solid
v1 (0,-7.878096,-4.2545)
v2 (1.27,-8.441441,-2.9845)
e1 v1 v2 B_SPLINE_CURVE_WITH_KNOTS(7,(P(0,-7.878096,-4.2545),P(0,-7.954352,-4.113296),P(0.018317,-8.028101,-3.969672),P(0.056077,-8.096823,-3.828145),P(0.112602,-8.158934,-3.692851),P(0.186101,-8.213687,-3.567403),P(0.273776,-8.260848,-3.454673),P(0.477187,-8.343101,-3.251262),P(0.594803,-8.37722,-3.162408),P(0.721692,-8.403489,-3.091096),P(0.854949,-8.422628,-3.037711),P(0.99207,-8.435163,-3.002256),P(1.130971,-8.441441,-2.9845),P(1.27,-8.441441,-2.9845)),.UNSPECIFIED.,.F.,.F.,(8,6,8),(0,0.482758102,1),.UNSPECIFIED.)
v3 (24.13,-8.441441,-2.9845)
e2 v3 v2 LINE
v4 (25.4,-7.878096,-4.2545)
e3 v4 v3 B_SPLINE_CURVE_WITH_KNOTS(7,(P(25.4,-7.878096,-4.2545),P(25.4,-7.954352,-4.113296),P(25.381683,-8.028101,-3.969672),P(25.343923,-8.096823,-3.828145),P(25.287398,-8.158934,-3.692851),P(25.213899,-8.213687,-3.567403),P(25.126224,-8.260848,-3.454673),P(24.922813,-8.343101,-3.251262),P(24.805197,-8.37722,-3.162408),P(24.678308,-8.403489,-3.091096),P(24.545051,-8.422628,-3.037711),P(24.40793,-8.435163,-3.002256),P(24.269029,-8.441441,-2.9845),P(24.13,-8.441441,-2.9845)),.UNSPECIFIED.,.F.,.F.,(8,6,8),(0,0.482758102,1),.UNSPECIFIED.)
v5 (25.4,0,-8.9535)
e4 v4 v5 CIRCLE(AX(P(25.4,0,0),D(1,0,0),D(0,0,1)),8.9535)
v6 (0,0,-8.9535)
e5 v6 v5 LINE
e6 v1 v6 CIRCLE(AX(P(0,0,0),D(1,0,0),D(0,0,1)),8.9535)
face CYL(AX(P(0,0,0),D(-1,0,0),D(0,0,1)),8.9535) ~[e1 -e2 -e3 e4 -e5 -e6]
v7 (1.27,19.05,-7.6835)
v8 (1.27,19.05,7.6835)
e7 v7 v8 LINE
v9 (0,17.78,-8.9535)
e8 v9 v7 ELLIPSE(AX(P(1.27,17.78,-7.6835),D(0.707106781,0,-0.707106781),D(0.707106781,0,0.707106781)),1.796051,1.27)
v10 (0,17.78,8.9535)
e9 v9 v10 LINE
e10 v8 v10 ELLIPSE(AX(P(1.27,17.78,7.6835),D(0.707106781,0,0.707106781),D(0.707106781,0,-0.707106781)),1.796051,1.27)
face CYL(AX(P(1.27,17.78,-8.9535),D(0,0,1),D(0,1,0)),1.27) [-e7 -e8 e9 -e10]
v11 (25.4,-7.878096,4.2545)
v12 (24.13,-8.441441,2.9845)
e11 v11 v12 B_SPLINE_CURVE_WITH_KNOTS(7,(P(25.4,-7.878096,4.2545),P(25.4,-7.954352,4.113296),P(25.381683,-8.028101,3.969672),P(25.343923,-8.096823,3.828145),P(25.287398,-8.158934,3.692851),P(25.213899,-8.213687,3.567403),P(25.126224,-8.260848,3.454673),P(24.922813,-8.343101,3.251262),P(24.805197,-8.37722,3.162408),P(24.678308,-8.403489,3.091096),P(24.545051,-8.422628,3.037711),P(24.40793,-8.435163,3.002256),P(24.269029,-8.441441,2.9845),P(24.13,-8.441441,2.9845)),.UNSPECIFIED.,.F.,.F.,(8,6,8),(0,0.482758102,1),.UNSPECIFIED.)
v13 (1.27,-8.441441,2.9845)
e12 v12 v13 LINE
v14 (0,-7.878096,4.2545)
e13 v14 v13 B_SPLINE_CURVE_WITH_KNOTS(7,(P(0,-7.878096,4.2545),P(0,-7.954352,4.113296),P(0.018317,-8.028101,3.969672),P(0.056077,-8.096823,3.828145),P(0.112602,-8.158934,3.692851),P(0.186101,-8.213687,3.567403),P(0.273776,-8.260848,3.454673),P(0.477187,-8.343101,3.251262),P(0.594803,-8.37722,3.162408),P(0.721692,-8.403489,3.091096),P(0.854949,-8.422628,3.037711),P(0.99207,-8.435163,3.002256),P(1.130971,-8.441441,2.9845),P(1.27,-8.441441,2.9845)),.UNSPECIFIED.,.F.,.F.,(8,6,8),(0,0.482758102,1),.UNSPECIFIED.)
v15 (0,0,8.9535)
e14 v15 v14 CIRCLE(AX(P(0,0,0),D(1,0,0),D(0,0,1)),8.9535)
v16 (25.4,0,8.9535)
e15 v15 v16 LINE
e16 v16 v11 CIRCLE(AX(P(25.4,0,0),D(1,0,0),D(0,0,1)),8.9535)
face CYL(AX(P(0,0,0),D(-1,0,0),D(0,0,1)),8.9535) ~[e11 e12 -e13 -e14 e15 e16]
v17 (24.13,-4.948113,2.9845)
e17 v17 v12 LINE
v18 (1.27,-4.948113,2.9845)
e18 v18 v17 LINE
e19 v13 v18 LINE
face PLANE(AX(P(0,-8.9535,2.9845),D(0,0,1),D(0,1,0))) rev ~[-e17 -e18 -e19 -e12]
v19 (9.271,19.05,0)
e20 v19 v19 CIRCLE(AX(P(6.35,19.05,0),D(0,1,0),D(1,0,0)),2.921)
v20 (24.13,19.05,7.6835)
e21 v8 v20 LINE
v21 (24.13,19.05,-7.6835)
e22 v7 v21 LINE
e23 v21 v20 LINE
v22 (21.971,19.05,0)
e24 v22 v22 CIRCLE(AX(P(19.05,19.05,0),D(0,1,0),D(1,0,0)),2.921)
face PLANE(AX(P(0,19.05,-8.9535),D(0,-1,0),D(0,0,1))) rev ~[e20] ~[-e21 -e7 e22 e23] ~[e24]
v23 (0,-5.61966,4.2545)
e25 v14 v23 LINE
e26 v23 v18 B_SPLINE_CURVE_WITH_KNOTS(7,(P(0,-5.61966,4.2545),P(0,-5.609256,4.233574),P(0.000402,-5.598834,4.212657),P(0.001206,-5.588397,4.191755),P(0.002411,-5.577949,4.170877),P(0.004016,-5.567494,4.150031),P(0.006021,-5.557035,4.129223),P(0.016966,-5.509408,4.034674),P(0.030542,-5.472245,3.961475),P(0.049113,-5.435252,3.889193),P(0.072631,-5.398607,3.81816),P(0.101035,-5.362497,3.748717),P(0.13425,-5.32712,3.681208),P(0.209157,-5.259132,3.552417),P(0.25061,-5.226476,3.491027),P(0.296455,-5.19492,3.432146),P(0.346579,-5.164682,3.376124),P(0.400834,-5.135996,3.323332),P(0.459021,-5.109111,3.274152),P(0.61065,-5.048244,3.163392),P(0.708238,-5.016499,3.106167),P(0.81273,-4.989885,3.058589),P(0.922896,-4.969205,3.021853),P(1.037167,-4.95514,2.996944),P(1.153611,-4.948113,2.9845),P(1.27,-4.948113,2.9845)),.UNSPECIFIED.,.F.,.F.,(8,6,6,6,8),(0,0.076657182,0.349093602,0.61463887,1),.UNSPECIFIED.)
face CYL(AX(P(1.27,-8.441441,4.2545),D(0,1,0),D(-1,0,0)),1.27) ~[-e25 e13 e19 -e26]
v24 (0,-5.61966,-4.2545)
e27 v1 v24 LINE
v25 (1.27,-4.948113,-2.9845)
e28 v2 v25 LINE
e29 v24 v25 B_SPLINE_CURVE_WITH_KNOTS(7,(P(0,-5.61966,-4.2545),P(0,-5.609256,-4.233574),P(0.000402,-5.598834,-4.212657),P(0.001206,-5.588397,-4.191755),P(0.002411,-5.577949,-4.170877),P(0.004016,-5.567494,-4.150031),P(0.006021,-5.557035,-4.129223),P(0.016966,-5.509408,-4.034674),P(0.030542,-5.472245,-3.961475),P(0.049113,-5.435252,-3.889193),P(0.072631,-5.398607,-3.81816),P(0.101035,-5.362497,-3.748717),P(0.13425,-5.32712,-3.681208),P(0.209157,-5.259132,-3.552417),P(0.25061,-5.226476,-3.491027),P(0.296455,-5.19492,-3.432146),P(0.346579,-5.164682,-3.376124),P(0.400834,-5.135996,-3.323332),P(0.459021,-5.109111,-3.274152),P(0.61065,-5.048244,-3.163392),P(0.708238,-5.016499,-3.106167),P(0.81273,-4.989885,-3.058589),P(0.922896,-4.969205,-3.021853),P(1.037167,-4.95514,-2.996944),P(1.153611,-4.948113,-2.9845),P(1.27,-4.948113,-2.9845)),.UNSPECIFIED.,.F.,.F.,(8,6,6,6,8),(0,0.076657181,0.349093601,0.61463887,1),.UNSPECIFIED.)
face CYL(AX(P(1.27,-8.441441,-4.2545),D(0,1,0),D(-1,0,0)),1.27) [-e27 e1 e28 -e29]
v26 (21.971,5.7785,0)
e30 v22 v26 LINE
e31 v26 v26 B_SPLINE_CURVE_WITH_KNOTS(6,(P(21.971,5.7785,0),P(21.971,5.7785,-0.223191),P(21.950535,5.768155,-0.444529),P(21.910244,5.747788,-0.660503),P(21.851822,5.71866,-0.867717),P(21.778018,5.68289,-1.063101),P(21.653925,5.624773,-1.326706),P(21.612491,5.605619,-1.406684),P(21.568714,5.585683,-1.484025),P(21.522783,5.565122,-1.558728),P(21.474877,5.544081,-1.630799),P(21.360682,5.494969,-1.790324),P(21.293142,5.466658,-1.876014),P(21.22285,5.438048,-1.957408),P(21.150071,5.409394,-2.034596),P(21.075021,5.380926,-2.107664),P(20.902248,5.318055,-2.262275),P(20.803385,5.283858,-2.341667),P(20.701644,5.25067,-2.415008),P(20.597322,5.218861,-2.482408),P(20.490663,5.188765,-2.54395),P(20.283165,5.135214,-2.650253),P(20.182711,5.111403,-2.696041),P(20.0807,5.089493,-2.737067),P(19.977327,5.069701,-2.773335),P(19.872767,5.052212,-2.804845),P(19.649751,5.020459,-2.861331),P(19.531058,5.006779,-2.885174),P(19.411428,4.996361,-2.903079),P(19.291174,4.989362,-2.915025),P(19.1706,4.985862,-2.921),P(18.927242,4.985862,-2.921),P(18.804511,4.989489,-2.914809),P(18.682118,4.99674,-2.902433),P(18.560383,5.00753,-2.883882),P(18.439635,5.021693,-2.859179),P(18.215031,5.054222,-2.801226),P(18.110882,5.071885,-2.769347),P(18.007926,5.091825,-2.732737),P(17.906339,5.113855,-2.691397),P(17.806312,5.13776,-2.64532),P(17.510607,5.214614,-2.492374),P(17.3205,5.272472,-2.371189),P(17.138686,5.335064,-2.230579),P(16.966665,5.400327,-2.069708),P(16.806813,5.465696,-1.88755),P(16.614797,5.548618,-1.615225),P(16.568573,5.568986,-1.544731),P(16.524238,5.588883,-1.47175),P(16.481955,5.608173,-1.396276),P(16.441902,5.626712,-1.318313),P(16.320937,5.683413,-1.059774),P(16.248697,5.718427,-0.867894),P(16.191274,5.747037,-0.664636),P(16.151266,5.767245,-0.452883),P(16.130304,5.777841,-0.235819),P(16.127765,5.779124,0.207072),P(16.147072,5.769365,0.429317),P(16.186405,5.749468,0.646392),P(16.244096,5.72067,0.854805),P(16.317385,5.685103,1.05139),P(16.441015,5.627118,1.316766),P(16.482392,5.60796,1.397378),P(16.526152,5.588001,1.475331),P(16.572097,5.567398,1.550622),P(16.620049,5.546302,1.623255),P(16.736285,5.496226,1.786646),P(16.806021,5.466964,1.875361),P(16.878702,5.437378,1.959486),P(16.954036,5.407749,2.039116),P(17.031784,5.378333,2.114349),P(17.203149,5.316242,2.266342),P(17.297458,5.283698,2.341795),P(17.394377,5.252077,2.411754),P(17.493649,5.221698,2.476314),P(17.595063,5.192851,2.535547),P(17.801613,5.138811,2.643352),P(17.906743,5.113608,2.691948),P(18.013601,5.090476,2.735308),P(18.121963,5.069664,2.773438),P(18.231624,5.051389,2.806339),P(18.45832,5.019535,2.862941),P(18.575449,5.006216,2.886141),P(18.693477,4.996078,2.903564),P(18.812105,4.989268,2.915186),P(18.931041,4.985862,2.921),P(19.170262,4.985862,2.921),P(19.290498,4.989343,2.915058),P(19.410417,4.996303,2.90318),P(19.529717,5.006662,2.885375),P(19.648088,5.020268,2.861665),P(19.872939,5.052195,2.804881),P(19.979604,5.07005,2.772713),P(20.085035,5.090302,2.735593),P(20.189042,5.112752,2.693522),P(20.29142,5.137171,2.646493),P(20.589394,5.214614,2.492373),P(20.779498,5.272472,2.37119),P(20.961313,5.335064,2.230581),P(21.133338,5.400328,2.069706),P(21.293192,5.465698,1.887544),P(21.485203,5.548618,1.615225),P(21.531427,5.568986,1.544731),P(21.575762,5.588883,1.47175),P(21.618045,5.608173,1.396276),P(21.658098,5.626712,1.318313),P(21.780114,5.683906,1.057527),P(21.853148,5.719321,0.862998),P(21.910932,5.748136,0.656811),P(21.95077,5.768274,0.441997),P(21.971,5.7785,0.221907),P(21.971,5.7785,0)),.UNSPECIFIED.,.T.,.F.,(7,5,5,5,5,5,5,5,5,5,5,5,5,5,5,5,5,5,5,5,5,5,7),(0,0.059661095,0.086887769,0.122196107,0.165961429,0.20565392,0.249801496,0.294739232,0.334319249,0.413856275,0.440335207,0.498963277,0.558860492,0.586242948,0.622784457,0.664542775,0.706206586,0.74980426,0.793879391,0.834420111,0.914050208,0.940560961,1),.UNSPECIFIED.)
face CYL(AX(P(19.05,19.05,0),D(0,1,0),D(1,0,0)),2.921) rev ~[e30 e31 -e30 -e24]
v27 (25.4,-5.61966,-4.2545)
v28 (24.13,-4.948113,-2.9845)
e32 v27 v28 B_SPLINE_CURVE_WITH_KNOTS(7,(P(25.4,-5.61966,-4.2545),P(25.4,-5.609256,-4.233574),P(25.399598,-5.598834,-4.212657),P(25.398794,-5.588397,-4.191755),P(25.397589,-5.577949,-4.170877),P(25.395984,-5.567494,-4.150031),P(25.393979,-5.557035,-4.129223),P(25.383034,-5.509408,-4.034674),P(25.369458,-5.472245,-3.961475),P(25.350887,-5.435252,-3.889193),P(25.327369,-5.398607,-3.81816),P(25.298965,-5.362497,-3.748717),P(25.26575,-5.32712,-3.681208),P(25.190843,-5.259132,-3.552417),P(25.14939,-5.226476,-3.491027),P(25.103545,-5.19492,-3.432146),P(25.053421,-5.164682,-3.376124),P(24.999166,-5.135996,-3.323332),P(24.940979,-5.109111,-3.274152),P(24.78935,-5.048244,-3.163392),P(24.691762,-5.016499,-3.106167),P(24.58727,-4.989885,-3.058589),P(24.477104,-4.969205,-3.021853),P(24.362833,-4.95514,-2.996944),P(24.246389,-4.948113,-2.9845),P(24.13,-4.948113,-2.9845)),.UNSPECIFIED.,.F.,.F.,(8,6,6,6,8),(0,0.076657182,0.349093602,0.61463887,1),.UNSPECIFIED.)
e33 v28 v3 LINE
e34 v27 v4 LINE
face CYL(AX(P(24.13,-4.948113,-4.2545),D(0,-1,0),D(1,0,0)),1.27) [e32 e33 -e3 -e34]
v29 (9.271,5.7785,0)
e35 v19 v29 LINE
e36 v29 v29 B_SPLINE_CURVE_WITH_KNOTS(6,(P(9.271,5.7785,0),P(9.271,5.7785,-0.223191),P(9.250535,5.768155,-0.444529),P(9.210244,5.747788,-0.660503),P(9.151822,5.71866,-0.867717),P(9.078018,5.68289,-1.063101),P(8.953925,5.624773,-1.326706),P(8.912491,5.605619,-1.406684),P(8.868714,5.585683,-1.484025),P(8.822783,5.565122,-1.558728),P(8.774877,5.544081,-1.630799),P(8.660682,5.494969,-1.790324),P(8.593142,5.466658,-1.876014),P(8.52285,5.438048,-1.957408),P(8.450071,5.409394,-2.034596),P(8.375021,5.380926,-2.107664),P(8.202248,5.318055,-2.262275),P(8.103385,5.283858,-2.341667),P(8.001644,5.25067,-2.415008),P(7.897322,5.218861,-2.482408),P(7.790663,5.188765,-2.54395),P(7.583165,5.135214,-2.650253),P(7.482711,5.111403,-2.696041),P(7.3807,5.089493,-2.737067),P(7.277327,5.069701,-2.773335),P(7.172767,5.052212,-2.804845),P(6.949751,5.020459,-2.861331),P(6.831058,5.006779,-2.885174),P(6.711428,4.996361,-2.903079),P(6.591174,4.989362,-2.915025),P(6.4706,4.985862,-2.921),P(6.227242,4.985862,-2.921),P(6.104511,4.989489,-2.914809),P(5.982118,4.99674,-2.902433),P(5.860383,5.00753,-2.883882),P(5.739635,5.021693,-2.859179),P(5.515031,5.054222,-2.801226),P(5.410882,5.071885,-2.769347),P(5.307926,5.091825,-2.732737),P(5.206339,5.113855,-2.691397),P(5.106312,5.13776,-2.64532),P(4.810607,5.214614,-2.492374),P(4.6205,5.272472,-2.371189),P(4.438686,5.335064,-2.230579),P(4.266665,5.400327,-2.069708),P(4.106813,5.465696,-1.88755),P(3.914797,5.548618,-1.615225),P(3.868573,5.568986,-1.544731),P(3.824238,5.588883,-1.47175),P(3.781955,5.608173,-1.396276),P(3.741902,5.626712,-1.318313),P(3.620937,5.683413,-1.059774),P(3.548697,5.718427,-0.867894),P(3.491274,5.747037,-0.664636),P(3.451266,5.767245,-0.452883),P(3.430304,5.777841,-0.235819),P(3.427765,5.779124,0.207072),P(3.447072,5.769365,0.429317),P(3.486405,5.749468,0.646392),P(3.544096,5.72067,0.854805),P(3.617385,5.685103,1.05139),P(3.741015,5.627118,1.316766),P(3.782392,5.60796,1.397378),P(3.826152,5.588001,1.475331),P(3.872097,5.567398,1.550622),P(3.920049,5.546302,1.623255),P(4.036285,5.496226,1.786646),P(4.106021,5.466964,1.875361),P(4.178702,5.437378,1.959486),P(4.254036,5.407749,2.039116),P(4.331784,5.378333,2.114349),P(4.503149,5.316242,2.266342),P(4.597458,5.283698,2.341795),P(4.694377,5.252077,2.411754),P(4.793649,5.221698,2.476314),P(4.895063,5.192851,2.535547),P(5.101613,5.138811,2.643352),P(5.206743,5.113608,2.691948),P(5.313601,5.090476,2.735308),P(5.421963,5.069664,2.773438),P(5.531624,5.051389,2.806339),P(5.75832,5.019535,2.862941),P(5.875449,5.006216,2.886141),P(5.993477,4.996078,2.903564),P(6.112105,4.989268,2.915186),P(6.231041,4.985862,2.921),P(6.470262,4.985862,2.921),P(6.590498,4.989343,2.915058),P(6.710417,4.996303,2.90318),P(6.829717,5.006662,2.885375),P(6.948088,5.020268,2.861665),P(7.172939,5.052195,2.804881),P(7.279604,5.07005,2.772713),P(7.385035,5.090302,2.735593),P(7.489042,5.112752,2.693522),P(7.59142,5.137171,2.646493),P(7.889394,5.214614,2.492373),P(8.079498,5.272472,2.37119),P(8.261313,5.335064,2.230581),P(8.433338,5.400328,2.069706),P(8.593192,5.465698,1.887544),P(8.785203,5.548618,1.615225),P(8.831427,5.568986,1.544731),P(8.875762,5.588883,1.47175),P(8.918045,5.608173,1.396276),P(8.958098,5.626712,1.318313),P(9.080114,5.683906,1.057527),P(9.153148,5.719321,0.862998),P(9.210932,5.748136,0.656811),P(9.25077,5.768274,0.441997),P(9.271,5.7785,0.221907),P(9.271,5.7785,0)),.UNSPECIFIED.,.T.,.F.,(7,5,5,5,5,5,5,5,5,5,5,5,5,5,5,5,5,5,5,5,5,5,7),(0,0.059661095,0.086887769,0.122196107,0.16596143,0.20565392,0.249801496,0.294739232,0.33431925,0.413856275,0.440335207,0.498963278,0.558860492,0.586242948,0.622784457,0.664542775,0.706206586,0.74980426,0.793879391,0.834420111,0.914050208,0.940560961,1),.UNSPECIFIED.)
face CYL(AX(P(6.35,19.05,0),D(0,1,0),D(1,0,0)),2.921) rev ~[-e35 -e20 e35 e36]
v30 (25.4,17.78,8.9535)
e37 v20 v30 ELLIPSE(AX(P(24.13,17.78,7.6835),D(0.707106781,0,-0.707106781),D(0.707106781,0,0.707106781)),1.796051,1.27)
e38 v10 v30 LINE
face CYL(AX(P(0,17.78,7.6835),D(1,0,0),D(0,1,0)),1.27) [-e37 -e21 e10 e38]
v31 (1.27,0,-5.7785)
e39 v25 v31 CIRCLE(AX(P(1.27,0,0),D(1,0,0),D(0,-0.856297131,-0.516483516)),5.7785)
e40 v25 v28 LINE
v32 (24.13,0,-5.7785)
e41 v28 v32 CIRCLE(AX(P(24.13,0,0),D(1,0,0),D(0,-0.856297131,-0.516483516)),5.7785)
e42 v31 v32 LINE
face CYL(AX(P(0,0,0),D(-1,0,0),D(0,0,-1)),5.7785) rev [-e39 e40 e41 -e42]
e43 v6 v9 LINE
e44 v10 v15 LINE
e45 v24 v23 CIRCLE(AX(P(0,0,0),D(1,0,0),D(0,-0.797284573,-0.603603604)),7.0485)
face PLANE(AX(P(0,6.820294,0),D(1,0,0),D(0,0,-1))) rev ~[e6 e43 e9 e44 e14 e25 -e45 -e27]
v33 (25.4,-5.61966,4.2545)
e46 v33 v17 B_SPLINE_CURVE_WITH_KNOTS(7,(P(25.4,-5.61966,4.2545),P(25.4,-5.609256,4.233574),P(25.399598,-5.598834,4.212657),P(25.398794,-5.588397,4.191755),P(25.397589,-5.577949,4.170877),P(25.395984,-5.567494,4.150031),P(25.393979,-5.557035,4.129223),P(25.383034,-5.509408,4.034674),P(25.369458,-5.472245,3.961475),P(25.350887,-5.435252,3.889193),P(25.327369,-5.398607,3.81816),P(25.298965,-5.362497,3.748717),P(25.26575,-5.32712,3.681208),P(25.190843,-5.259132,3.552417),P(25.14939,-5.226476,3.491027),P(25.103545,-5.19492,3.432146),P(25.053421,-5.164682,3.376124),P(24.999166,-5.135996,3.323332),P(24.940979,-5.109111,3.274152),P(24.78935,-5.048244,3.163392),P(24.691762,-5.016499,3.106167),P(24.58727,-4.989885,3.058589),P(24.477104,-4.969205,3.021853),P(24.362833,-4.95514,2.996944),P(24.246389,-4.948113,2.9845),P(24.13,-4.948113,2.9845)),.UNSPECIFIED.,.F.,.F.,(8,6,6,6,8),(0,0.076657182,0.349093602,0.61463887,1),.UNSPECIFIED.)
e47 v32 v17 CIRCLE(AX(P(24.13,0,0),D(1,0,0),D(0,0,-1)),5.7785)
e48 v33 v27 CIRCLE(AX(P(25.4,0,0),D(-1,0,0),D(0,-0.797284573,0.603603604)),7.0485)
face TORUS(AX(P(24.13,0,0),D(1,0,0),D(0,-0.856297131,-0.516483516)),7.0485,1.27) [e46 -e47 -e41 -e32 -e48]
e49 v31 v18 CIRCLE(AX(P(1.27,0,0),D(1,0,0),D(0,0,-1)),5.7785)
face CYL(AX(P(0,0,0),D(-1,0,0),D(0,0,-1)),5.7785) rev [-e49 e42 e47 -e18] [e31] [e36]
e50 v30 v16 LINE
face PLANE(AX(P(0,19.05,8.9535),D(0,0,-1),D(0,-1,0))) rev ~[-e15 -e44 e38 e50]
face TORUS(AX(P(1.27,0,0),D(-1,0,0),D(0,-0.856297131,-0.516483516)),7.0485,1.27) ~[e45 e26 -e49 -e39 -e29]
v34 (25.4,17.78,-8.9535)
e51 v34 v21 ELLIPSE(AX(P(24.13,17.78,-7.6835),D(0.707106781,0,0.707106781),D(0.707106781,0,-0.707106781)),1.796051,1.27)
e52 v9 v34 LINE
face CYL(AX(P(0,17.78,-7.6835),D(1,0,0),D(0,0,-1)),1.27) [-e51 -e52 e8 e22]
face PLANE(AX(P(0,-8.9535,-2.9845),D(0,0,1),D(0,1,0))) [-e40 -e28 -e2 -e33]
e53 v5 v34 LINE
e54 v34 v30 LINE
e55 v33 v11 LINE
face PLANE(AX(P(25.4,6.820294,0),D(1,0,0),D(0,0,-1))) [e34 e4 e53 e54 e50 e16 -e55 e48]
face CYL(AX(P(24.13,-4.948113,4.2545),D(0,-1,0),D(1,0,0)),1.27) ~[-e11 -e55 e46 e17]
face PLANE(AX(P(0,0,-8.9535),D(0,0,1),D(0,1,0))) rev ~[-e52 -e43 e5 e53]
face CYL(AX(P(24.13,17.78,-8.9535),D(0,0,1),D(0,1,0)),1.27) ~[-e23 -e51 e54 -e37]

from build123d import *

# Parameters (mm, degrees)
SKETCH1_R           = 5.7785
BOSS_EXTRUDE1_DEPTH = 25.4
SKETCH2_R           = 2.921
CUT_EXTRUDE1_DEPTH  = 27.513623
SKETCH3_W           = 5.969
SKETCH3_H           = 4.005387026
CUT_EXTRUDE2_DEPTH  = 26.4000001
FILLET1_R           = 1.27
FILLET2_R           = 1.27


with BuildPart() as part:
    # Sketch1 → Boss-Extrude1 (new body)
    with BuildSketch(Plane(origin=(0, 0, 0), x_dir=(0, 0, -1), z_dir=(1, 0, 0))):
        with BuildLine():
            Line((-8.9535, 19.05), (-8.9535, 0))
            ThreePointArc((-8.9535, 0), (0, -8.9535), (8.9535, 0))
            Line((8.9535, 0), (8.9535, 19.05))
            Line((8.9535, 19.05), (-8.9535, 19.05))
        make_face()
        Circle(SKETCH1_R, mode=Mode.SUBTRACT)
    extrude(amount=BOSS_EXTRUDE1_DEPTH)

    # Sketch2 → Cut-Extrude1 (cut)
    with BuildSketch(Plane(origin=(0, 19.05, 0), x_dir=(1, 0, 0), z_dir=(0, 1, 0))):
        with Locations((6.35, 0)):
            Circle(SKETCH2_R)
        with Locations((19.05, 0)):
            Circle(SKETCH2_R)
    extrude(amount=-CUT_EXTRUDE1_DEPTH, mode=Mode.SUBTRACT)

    # Sketch3 → Cut-Extrude2 (cut, through all)
    with BuildSketch(Plane.ZY):
        with Locations((0, -6.950806487)):
            Rectangle(SKETCH3_W, SKETCH3_H)
    extrude(amount=-CUT_EXTRUDE2_DEPTH, mode=Mode.SUBTRACT)

    # Fillet1
    fillet1_edges = [part.edges().sort_by_distance(p)[0] for p in [
        (0, 5.031748975, 2.84122588),
        (0, -6.694776864, 2.9845),
        (25.4, 5.031748975, 2.84122588),
        (0, -6.694776864, -2.9845),
        (25.4, -6.694776864, -2.9845),
        (25.4, -6.694776864, 2.9845),
    ]]
    fillet(fillet1_edges, radius=FILLET1_R)

    # Fillet2
    fillet2_edges = [part.edges().sort_by_distance(p)[0] for p in [
        (12.7, 19.05, 8.9535),
        (12.7, 19.05, -8.9535),
        (25.4, 19.05, 0),
        (0, 19.05, 0),
    ]]
    fillet(fillet2_edges, radius=FILLET2_R)


solid = part.part
